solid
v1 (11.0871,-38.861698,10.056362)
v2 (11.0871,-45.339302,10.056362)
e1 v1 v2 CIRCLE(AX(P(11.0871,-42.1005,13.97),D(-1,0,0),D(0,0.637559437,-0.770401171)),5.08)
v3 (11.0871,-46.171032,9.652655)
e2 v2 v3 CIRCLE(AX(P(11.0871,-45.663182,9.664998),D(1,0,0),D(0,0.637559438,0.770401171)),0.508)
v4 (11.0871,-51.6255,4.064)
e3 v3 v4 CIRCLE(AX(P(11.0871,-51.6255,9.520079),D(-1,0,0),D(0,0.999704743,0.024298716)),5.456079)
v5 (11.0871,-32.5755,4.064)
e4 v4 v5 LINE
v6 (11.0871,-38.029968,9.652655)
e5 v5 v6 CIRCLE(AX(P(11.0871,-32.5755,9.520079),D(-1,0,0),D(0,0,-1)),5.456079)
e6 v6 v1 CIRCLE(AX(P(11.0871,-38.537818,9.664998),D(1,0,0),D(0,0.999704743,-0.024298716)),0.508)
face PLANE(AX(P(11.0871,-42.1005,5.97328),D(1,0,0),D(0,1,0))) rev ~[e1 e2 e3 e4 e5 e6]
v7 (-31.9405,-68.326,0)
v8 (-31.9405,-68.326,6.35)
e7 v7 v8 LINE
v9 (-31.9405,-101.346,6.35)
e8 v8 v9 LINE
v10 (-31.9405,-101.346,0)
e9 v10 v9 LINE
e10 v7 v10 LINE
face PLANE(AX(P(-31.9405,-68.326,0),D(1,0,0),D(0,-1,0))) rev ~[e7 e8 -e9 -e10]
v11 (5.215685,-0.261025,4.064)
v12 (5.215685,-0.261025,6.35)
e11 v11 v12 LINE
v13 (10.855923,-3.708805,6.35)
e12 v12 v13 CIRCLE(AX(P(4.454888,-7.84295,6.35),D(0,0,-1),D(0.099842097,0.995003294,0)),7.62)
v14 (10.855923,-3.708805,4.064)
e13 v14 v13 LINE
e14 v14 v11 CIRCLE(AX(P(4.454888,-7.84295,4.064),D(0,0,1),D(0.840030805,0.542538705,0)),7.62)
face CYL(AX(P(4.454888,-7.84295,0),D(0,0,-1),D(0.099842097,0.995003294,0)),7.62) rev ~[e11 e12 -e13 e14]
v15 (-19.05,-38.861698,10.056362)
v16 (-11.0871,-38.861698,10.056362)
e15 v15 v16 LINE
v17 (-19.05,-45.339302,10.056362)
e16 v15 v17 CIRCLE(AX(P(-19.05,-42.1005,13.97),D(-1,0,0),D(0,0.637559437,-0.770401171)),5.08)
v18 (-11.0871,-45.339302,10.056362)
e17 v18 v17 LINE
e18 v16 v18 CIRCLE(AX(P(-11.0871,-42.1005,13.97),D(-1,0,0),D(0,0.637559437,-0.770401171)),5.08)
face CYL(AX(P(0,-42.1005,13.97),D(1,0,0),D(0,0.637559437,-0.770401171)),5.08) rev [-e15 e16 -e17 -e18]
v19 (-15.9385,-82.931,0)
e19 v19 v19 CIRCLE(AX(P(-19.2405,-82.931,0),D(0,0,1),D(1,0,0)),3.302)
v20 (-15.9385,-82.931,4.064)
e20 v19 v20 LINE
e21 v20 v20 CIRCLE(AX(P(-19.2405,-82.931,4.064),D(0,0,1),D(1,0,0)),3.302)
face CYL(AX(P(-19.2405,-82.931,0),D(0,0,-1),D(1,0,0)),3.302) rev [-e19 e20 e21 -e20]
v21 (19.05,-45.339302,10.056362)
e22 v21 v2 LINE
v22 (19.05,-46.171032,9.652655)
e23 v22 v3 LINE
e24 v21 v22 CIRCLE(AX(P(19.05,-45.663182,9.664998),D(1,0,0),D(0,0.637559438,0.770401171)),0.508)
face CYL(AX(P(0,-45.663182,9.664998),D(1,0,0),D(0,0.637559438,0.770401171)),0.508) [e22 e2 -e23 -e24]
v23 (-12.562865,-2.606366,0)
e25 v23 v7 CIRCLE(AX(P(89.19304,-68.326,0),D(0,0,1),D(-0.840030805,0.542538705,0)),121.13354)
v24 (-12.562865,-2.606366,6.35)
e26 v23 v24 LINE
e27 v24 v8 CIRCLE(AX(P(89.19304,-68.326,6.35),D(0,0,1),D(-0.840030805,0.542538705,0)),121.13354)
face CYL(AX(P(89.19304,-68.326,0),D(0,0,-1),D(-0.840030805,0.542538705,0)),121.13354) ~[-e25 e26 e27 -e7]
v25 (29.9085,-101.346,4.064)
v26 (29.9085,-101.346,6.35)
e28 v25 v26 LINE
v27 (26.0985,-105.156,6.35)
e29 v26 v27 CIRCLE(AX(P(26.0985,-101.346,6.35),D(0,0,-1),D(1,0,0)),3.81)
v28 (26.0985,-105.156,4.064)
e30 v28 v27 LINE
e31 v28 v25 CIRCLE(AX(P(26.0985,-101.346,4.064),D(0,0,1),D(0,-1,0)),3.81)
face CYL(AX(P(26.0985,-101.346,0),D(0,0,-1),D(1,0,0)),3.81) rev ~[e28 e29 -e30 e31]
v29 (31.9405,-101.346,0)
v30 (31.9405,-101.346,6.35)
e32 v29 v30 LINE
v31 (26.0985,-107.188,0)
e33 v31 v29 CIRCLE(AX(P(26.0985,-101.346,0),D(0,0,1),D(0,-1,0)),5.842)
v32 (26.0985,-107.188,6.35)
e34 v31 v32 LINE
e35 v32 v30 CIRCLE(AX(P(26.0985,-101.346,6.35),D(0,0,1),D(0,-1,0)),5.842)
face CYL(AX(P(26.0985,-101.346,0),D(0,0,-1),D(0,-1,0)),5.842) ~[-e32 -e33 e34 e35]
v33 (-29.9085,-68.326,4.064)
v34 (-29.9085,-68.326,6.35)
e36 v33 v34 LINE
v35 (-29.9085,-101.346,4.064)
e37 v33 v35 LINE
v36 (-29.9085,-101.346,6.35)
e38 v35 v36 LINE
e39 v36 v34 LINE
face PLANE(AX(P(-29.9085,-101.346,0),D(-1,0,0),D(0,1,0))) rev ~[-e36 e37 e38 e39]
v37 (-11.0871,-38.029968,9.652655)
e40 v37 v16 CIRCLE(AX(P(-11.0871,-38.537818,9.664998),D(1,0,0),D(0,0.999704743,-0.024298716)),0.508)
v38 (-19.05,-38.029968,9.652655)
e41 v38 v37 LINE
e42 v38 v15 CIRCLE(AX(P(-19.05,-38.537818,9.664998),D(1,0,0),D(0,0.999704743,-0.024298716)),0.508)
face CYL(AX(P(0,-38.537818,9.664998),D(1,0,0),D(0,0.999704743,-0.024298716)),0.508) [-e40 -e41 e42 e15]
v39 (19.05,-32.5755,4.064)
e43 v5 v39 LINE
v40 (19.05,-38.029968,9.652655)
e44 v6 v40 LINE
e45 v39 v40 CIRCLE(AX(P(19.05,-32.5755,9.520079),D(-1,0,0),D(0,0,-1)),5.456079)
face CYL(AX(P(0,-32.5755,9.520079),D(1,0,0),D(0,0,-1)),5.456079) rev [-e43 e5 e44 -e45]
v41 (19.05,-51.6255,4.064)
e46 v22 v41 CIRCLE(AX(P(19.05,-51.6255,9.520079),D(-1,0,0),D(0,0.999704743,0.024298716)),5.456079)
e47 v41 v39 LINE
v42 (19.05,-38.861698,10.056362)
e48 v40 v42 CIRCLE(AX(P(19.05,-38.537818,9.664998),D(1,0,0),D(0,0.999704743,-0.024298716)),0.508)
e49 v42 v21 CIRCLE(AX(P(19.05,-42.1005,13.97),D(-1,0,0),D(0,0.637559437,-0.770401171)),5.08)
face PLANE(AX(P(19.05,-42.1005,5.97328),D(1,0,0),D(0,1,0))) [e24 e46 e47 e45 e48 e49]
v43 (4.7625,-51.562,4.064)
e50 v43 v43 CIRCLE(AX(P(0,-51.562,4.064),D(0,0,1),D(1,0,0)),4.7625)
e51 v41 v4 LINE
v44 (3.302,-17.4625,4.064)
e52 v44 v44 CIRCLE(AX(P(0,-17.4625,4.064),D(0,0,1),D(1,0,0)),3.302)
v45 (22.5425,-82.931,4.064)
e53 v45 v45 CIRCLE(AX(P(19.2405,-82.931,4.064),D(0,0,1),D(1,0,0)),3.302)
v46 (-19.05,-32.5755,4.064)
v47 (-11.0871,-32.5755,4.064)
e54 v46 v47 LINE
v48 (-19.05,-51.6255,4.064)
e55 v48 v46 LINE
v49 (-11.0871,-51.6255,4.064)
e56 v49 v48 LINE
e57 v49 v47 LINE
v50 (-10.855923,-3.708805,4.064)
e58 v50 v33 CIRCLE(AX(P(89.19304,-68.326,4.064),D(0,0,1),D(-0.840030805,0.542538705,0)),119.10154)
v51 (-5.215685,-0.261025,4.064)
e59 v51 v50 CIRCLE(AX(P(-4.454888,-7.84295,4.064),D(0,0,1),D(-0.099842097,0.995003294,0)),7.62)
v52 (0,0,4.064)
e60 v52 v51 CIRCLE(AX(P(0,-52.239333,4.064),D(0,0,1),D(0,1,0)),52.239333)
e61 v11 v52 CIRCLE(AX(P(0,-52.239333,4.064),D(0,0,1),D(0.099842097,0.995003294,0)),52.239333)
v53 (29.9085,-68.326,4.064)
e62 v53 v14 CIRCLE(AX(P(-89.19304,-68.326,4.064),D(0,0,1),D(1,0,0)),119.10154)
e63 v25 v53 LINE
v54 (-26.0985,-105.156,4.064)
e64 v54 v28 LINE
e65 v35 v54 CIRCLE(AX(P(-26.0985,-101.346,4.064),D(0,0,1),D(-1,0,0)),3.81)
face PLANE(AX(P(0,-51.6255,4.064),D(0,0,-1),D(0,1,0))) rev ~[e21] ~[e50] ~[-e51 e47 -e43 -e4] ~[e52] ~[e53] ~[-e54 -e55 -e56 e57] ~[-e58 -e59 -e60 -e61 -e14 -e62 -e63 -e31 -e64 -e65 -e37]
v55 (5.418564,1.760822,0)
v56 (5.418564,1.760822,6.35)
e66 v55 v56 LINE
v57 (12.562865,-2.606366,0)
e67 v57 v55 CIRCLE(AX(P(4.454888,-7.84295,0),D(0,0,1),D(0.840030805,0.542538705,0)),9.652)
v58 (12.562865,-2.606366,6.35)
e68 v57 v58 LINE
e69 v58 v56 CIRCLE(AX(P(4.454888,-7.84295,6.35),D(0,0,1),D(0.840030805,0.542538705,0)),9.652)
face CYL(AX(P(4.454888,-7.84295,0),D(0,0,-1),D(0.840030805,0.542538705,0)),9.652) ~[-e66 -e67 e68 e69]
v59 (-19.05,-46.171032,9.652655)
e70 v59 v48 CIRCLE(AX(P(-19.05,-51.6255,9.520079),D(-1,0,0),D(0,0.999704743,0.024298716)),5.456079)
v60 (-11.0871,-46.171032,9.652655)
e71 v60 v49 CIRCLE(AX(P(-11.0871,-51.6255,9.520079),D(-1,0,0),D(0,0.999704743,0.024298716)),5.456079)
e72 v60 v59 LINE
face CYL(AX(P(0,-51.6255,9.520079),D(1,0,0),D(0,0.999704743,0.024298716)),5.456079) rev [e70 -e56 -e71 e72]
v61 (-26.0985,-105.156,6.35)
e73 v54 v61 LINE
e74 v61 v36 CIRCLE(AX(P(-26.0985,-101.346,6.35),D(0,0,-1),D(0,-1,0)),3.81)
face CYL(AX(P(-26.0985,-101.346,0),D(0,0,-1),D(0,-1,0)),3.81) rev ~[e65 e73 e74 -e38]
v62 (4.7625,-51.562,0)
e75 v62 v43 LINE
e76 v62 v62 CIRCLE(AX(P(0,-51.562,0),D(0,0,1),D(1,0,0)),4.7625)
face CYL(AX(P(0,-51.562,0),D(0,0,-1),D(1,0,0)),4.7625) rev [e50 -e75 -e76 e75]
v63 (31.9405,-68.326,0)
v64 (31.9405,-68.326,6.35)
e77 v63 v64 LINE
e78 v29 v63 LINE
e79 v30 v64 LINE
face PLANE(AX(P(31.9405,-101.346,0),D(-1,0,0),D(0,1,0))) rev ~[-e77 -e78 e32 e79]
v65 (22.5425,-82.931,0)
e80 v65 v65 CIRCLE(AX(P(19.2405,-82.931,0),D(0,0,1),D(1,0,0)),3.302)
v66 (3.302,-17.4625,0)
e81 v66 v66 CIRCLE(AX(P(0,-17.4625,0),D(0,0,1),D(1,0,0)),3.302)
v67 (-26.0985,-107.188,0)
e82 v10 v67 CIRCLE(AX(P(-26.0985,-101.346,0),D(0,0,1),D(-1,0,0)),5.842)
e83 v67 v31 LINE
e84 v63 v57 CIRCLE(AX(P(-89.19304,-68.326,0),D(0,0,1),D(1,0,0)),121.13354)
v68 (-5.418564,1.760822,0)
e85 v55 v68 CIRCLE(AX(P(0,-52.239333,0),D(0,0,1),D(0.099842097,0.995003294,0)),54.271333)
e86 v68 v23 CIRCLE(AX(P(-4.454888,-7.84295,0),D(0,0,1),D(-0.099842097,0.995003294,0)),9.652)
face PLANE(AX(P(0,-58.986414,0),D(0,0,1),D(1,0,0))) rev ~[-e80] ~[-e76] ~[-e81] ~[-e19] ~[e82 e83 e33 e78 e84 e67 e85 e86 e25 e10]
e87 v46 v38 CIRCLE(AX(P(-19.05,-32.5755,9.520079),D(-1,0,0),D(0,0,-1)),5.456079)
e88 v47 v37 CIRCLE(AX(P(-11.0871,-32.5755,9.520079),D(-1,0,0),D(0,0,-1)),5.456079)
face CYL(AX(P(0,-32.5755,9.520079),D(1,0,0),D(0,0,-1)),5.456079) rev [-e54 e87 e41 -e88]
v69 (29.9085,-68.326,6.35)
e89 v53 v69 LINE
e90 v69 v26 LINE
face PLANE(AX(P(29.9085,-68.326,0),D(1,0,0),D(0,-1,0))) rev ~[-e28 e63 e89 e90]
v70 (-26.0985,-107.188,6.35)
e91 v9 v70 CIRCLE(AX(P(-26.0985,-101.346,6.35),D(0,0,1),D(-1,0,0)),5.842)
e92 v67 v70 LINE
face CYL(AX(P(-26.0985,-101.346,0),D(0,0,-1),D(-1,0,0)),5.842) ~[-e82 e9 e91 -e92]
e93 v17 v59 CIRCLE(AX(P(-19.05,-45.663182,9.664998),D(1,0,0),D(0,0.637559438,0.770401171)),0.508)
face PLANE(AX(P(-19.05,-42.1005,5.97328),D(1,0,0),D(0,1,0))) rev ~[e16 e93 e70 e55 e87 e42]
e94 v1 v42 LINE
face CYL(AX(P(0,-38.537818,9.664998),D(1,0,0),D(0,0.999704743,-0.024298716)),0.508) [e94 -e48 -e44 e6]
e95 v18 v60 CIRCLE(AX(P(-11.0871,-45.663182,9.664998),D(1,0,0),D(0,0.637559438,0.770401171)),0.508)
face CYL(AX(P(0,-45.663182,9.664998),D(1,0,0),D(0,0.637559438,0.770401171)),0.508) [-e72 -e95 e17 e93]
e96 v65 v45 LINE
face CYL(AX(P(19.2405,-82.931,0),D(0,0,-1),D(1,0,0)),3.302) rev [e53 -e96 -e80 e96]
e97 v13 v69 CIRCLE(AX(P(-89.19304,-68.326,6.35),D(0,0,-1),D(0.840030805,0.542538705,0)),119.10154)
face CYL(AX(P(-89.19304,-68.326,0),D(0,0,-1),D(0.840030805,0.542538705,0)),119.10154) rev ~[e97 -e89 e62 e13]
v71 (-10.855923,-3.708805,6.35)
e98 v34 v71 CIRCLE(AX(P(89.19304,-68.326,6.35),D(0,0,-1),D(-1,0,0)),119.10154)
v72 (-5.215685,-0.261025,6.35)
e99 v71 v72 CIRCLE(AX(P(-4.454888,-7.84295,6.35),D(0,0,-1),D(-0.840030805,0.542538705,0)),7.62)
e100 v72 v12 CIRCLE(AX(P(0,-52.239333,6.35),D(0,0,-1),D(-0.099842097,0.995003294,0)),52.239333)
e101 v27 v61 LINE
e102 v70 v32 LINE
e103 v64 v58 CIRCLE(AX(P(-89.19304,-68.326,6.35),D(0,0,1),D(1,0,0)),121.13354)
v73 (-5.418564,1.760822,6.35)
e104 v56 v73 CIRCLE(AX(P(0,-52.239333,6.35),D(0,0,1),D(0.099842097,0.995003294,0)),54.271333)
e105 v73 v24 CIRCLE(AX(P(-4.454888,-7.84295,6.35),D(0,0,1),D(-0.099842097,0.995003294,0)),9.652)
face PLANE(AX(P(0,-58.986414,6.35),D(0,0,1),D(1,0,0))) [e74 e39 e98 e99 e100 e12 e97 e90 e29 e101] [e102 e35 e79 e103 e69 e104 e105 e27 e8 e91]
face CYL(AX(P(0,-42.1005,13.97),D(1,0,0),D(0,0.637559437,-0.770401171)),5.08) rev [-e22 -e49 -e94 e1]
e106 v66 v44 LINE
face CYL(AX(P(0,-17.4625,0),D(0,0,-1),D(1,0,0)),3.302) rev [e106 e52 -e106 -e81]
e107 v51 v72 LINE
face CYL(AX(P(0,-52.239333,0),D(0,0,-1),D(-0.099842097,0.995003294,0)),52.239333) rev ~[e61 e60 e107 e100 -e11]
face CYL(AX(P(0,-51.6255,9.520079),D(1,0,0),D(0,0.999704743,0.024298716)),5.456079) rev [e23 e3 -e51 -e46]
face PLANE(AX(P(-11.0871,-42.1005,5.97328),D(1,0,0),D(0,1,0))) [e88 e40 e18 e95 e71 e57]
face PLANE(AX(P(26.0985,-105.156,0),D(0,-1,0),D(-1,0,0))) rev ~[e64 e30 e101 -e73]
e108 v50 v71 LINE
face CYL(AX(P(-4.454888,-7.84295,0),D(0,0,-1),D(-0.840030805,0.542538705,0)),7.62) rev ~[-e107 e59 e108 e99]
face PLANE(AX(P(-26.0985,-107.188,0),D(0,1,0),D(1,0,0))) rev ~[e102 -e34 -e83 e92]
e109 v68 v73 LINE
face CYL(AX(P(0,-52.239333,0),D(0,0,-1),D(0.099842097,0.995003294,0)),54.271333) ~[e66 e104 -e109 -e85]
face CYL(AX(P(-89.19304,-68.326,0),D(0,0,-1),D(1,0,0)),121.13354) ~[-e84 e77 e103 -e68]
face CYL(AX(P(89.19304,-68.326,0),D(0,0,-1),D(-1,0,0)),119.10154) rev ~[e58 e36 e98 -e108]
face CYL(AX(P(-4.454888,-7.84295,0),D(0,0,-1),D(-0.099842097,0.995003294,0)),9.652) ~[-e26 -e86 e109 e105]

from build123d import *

# Parameters (mm, degrees)
F0_R     = 3.302
F0_R_2   = 4.7625
F1_DEPTH = 4.064
F3_DEPTH = 19.05
F4_DEPTH = 11.0871
F6_DEPTH = 6.35


with BuildPart() as f1:
    # F0 (on Top) → F1 (new body)
    with BuildSketch(Plane.XY):
        with BuildLine():
            ThreePointArc((-10.8559225607, -3.7088047495), (-25.0461002864, -34.6422404521), (-29.9085, -68.326))
            Line((-29.9085, -68.326), (-29.9085, -101.346))
            ThreePointArc((-29.9085, -101.346), (-28.7925768363, -104.0400768363), (-26.0985, -105.156))
            Line((-26.0985, -105.156), (0, -105.156))
            Line((0, -105.156), (26.0985, -105.156))
            ThreePointArc((26.0985, -105.156), (28.7925768363, -104.0400768363), (29.9085, -101.346))
            Line((29.9085, -101.346), (29.9085, -68.326))
            ThreePointArc((29.9085, -68.326), (25.0461002864, -34.6422404521), (10.8559225607, -3.7088047495))
            ThreePointArc((10.8559225607, -3.7088047495), (8.4291493536, -1.3414386781), (5.215684606, -0.2610245767))
            ThreePointArc((5.215684606, -0.2610245767), (2.6111060749, -0.0652969534), (0, 0))
            ThreePointArc((0, 0), (-2.6111060749, -0.0652969534), (-5.215684606, -0.2610245767))
            ThreePointArc((-5.215684606, -0.2610245767), (-8.4291493536, -1.3414386781), (-10.8559225607, -3.7088047495))
        make_face()
        with Locations((-19.2405, -82.931)):
            Circle(F0_R, mode=Mode.SUBTRACT)
        with Locations((19.2405, -82.931)):
            Circle(F0_R, mode=Mode.SUBTRACT)
        with Locations((0, -51.562)):
            Circle(F0_R_2, mode=Mode.SUBTRACT)
        with Locations((0, -17.4625)):
            Circle(F0_R, mode=Mode.SUBTRACT)
    extrude(amount=F1_DEPTH)

    # F2 (on Right) → F3 (join, symmetric)
    with BuildSketch(Plane.YZ):
        with BuildLine():
            Line((-51.6255, 4.064), (-32.5755, 4.064))
            ThreePointArc((-32.5755, 4.064), (-36.4801215826, 5.7092093226), (-38.0299678542, 9.6526545109))
            ThreePointArc((-38.0299678542, 9.6526545109), (-38.3159932296, 10.1220079213), (-38.8616980577, 10.0563620532))
            ThreePointArc((-38.8616980577, 10.0563620532), (-42.1005, 8.89), (-45.3393019423, 10.0563620532))
            ThreePointArc((-45.3393019423, 10.0563620532), (-45.8850067704, 10.1220079213), (-46.1710321458, 9.6526545109))
            ThreePointArc((-46.1710321458, 9.6526545109), (-47.7208784174, 5.7092093226), (-51.6255, 4.064))
        make_face()
    extrude(amount=F3_DEPTH, both=True)

    # F2 (on Right) → F4 (cut, symmetric)
    with BuildSketch(Plane.YZ):
        with BuildLine():
            Line((-51.6255, 4.064), (-32.5755, 4.064))
            ThreePointArc((-32.5755, 4.064), (-36.4801215826, 5.7092093226), (-38.0299678542, 9.6526545109))
            ThreePointArc((-38.0299678542, 9.6526545109), (-38.3159932296, 10.1220079213), (-38.8616980577, 10.0563620532))
            ThreePointArc((-38.8616980577, 10.0563620532), (-42.1005, 8.89), (-45.3393019423, 10.0563620532))
            ThreePointArc((-45.3393019423, 10.0563620532), (-45.8850067704, 10.1220079213), (-46.1710321458, 9.6526545109))
            ThreePointArc((-46.1710321458, 9.6526545109), (-47.7208784174, 5.7092093226), (-51.6255, 4.064))
        make_face()
    extrude(amount=F4_DEPTH, both=True, mode=Mode.SUBTRACT)

    # F5 (on Top) → F6 (join)
    with BuildSketch(Plane.XY):
        with BuildLine():
            ThreePointArc((5.4185637479, 1.7608221173), (0, 2.032), (-5.4185637479, 1.7608221173))
            ThreePointArc((-5.4185637479, 1.7608221173), (-9.4889524281, 0.3922975888), (-12.5628651572, -2.6063661016))
            ThreePointArc((-12.5628651572, -2.6063661016), (-26.9951425328, -34.067559391), (-31.9405, -68.326))
            Line((-31.9405, -68.326), (-31.9405, -101.346))
            ThreePointArc((-31.9405, -101.346), (-30.2294178157, -105.4769178157), (-26.0985, -107.188))
            Line((-26.0985, -107.188), (26.0985, -107.188))
            ThreePointArc((26.0985, -107.188), (30.2294178157, -105.4769178157), (31.9405, -101.346))
            Line((31.9405, -101.346), (31.9405, -68.326))
            ThreePointArc((31.9405, -68.326), (26.9951425328, -34.067559391), (12.5628651572, -2.6063661016))
            ThreePointArc((12.5628651572, -2.6063661016), (9.4889524281, 0.3922975888), (5.4185637479, 1.7608221173))
        make_face()
        with BuildLine():
            ThreePointArc((-29.9085, -68.326), (-25.0461002864, -34.6422404521), (-10.8559225607, -3.7088047495))
            ThreePointArc((-10.8559225607, -3.7088047495), (-8.4291493536, -1.3414386781), (-5.215684606, -0.2610245767))
            ThreePointArc((-5.215684606, -0.2610245767), (0, 0), (5.215684606, -0.2610245767))
            ThreePointArc((5.215684606, -0.2610245767), (8.4291493536, -1.3414386781), (10.8559225607, -3.7088047495))
            ThreePointArc((10.8559225607, -3.7088047495), (25.0461002864, -34.6422404521), (29.9085, -68.326))
            Line((29.9085, -68.326), (29.9085, -101.346))
            ThreePointArc((29.9085, -101.346), (28.7925768363, -104.0400768363), (26.0985, -105.156))
            Line((26.0985, -105.156), (-26.0985, -105.156))
            ThreePointArc((-26.0985, -105.156), (-28.7925768363, -104.0400768363), (-29.9085, -101.346))
            Line((-29.9085, -101.346), (-29.9085, -68.326))
        make_face(mode=Mode.SUBTRACT)
    extrude(amount=F6_DEPTH)


solid = f1.part
